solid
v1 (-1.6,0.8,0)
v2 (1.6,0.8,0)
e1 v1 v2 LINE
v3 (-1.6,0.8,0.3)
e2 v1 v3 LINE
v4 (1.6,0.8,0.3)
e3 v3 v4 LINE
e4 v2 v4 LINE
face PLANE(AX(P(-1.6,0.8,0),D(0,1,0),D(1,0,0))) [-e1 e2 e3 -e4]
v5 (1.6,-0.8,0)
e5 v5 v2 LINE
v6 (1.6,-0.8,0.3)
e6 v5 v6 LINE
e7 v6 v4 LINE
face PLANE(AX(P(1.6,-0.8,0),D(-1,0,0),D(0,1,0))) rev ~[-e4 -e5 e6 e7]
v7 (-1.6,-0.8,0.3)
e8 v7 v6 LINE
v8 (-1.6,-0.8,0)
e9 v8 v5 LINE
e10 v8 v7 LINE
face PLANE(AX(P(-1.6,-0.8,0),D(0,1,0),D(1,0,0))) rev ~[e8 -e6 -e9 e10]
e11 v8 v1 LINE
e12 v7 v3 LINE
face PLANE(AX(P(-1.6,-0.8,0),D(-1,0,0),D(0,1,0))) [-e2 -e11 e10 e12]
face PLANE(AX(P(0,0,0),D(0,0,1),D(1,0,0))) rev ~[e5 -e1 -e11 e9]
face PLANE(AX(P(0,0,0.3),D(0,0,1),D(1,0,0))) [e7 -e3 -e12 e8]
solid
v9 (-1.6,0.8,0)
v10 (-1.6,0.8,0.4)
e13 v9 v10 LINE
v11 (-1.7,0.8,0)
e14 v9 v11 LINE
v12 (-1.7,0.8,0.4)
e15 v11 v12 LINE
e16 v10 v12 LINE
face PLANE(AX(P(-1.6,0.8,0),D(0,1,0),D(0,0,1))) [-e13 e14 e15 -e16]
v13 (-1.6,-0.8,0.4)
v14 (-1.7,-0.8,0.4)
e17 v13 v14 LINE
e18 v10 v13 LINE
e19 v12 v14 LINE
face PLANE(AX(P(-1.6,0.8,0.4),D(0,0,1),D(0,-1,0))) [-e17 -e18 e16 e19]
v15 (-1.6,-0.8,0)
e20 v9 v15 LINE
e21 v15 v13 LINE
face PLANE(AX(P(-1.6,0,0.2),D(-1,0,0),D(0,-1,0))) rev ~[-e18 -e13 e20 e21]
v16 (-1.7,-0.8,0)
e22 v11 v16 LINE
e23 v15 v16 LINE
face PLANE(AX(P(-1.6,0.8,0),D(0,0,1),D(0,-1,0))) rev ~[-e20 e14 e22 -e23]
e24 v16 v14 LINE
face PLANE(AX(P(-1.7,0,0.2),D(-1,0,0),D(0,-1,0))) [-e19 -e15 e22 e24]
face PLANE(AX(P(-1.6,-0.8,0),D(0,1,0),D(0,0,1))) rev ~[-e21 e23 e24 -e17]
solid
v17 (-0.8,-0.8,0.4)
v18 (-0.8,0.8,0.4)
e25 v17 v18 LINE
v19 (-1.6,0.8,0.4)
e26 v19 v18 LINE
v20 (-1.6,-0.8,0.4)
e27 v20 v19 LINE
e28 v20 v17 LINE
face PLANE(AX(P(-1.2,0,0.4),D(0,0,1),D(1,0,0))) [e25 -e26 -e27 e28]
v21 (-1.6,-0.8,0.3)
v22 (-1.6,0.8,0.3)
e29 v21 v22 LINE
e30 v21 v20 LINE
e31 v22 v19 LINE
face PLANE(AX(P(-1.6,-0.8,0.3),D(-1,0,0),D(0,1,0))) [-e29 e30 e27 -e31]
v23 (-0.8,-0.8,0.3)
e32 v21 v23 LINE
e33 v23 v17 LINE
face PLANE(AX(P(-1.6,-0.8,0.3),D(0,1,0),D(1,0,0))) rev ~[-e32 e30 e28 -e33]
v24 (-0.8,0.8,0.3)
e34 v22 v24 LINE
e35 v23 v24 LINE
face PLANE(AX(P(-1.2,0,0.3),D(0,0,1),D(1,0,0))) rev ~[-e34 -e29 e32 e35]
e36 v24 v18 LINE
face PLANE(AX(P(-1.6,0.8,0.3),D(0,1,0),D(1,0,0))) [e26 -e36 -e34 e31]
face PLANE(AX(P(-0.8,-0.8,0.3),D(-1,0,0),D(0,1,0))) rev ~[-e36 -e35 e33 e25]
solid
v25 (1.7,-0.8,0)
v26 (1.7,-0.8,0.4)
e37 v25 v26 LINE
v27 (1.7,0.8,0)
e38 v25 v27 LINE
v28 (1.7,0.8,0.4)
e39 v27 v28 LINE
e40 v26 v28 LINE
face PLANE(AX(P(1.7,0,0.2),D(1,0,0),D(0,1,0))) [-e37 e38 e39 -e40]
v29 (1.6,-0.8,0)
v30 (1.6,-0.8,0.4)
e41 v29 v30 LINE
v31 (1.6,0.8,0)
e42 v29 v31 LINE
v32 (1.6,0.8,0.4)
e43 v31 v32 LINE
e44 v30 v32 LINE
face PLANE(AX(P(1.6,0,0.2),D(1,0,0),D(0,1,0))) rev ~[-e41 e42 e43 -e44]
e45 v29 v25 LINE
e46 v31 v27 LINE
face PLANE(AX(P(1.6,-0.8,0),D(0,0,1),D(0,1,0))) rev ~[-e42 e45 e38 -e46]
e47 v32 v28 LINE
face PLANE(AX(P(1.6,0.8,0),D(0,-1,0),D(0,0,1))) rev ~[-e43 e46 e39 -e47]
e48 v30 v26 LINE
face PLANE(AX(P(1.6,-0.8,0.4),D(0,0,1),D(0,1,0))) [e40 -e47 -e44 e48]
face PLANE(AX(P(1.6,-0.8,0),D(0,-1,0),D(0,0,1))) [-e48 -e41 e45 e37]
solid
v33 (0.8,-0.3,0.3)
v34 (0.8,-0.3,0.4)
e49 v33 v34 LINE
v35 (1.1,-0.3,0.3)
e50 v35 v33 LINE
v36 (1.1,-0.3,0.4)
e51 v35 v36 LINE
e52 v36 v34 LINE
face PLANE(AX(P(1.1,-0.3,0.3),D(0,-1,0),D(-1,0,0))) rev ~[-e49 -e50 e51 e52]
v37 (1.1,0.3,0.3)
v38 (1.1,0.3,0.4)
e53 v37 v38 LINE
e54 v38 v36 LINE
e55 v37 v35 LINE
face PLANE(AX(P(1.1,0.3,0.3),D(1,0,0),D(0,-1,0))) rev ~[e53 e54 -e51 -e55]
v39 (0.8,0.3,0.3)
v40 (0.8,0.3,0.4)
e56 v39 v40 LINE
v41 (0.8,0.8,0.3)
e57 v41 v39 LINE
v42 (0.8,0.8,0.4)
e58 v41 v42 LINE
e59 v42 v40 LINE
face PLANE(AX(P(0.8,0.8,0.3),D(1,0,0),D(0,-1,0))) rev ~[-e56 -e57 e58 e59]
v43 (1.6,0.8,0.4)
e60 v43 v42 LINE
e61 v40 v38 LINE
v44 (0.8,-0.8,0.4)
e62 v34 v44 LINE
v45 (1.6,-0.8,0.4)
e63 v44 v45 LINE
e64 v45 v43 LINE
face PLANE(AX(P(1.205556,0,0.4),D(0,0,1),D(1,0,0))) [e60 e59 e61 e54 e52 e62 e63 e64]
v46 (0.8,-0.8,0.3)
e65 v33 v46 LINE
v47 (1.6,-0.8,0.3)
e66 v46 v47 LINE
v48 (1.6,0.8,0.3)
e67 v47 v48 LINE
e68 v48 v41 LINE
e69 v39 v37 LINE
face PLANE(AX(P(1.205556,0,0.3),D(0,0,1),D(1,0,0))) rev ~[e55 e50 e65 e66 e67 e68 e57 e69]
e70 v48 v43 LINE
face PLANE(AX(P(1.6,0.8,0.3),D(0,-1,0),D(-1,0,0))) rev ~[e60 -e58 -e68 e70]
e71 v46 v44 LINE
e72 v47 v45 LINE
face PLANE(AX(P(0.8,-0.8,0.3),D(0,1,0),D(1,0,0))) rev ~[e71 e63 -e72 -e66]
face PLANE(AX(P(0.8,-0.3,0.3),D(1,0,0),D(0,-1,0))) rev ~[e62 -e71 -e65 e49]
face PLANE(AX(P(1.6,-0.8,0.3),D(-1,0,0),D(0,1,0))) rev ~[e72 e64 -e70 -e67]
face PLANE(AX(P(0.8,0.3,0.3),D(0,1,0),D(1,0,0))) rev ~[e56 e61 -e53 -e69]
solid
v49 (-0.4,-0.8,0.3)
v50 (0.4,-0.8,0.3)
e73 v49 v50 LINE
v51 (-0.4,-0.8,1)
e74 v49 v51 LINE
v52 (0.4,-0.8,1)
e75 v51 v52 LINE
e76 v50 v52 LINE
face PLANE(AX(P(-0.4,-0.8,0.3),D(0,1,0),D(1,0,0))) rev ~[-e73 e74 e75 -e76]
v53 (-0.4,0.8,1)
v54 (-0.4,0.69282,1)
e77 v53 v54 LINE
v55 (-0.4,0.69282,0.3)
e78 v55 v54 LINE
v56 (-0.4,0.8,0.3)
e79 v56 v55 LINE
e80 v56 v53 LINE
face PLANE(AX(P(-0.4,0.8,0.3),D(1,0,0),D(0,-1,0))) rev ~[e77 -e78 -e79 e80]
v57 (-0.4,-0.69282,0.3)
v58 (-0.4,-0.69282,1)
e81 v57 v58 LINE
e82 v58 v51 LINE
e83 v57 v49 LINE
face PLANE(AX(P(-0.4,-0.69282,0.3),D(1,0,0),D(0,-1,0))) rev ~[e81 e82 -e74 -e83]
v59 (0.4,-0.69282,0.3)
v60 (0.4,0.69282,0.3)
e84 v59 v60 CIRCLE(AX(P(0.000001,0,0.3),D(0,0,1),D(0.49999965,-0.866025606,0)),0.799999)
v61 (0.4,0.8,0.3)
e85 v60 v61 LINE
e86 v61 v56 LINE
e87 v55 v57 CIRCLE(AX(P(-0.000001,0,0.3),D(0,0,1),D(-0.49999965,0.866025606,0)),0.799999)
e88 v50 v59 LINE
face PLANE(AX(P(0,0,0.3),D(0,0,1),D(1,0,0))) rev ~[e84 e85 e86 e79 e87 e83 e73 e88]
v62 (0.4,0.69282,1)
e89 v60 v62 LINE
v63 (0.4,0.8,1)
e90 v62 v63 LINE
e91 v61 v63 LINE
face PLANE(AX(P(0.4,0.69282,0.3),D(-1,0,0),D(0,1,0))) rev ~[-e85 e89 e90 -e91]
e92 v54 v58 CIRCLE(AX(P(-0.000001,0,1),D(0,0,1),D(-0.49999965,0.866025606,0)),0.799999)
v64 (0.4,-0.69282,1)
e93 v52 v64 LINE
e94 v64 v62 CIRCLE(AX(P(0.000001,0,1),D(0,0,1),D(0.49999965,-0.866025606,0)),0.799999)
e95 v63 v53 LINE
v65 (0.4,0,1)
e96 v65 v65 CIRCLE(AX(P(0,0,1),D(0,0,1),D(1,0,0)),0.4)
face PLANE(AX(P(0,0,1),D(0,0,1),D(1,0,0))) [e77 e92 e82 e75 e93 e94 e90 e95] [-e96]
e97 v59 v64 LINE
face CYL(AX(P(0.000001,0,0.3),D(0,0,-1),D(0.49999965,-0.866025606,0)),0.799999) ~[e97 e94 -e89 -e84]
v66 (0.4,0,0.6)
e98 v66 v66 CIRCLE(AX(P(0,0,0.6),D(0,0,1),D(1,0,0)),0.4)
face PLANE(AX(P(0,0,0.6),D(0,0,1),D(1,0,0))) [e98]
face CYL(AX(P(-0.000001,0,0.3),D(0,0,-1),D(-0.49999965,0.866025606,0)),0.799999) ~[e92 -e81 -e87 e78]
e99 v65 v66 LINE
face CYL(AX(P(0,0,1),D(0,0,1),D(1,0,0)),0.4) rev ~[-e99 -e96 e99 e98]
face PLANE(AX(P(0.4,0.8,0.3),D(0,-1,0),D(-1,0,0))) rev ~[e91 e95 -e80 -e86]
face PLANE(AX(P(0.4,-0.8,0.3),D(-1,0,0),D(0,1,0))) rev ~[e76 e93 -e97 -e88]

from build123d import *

# Parameters (mm, degrees)
F0_W      = 3.2
F0_H      = 1.6
F1_DEPTH  = 0.3
F2_W      = 0.8
F2_H      = 1.6
F3_DEPTH  = 0.1
F4_W      = 1.6
F4_H      = 0.4
F5_DEPTH  = 0.1
F6_W      = 1.6
F6_H      = 0.4
F7_DEPTH  = 0.1
F9_DEPTH  = 0.7
F10_R     = 0.4
F11_DEPTH = 0.4


with BuildPart() as f1:
    # F0 (on Top) → F1 (new body)
    with BuildSketch(Plane.XY):
        Rectangle(F0_W, F0_H)
    extrude(amount=F1_DEPTH)


with BuildPart() as f3:
    # F2 (on face) → F3 (new body)
    with BuildSketch(Plane.XY.offset(0.3)):
        with Locations((-1.2, 0)):
            Rectangle(F2_W, F2_H)
        Polygon((0.8, -0.3), (0.8, -0.8), (1.6, -0.8), (1.6, 0.8), (0.8, 0.8), (0.8, 0.3), (1.1, 0.3), (1.1, -0.3), align=None)
    extrude(amount=F3_DEPTH)


with BuildPart() as f5:
    # F4 (on face) → F5 (new body)
    with BuildSketch(Plane(origin=(-1.6, 0, 0), x_dir=(0, -1, 0), z_dir=(-1, 0, 0))):
        with Locations((0, 0.2)):
            Rectangle(F4_W, F4_H)
    extrude(amount=F5_DEPTH)


with BuildPart() as f7:
    # F6 (on face) → F7 (new body)
    with BuildSketch(Plane.YZ.offset(1.6)):
        with Locations((0, 0.2)):
            Rectangle(F6_W, F6_H)
    extrude(amount=F7_DEPTH)


with BuildPart() as f9:
    # F8 (on face) → F9 (new body)
    with BuildSketch(Plane.XY.offset(0.3)):
        with BuildLine():
            Line((-0.4, 0.8), (-0.4, 0.69282))
            ThreePointArc((-0.4, 0.69282), (-0.8, 0), (-0.4, -0.69282))
            Line((-0.4, -0.69282), (-0.4, -0.8))
            Line((-0.4, -0.8), (0.4, -0.8))
            Line((0.4, -0.8), (0.4, -0.69282))
            ThreePointArc((0.4, -0.69282), (0.8, 0), (0.4, 0.69282))
            Line((0.4, 0.69282), (0.4, 0.8))
            Line((0.4, 0.8), (-0.4, 0.8))
        make_face()
    extrude(amount=F9_DEPTH)

    # F10 (on face) → F11 (cut)
    with BuildSketch(Plane.XY.offset(1)):
        Circle(F10_R)
    extrude(amount=-F11_DEPTH, mode=Mode.SUBTRACT)


solid = Compound([f1.part, f3.part, f5.part, f7.part, f9.part])
